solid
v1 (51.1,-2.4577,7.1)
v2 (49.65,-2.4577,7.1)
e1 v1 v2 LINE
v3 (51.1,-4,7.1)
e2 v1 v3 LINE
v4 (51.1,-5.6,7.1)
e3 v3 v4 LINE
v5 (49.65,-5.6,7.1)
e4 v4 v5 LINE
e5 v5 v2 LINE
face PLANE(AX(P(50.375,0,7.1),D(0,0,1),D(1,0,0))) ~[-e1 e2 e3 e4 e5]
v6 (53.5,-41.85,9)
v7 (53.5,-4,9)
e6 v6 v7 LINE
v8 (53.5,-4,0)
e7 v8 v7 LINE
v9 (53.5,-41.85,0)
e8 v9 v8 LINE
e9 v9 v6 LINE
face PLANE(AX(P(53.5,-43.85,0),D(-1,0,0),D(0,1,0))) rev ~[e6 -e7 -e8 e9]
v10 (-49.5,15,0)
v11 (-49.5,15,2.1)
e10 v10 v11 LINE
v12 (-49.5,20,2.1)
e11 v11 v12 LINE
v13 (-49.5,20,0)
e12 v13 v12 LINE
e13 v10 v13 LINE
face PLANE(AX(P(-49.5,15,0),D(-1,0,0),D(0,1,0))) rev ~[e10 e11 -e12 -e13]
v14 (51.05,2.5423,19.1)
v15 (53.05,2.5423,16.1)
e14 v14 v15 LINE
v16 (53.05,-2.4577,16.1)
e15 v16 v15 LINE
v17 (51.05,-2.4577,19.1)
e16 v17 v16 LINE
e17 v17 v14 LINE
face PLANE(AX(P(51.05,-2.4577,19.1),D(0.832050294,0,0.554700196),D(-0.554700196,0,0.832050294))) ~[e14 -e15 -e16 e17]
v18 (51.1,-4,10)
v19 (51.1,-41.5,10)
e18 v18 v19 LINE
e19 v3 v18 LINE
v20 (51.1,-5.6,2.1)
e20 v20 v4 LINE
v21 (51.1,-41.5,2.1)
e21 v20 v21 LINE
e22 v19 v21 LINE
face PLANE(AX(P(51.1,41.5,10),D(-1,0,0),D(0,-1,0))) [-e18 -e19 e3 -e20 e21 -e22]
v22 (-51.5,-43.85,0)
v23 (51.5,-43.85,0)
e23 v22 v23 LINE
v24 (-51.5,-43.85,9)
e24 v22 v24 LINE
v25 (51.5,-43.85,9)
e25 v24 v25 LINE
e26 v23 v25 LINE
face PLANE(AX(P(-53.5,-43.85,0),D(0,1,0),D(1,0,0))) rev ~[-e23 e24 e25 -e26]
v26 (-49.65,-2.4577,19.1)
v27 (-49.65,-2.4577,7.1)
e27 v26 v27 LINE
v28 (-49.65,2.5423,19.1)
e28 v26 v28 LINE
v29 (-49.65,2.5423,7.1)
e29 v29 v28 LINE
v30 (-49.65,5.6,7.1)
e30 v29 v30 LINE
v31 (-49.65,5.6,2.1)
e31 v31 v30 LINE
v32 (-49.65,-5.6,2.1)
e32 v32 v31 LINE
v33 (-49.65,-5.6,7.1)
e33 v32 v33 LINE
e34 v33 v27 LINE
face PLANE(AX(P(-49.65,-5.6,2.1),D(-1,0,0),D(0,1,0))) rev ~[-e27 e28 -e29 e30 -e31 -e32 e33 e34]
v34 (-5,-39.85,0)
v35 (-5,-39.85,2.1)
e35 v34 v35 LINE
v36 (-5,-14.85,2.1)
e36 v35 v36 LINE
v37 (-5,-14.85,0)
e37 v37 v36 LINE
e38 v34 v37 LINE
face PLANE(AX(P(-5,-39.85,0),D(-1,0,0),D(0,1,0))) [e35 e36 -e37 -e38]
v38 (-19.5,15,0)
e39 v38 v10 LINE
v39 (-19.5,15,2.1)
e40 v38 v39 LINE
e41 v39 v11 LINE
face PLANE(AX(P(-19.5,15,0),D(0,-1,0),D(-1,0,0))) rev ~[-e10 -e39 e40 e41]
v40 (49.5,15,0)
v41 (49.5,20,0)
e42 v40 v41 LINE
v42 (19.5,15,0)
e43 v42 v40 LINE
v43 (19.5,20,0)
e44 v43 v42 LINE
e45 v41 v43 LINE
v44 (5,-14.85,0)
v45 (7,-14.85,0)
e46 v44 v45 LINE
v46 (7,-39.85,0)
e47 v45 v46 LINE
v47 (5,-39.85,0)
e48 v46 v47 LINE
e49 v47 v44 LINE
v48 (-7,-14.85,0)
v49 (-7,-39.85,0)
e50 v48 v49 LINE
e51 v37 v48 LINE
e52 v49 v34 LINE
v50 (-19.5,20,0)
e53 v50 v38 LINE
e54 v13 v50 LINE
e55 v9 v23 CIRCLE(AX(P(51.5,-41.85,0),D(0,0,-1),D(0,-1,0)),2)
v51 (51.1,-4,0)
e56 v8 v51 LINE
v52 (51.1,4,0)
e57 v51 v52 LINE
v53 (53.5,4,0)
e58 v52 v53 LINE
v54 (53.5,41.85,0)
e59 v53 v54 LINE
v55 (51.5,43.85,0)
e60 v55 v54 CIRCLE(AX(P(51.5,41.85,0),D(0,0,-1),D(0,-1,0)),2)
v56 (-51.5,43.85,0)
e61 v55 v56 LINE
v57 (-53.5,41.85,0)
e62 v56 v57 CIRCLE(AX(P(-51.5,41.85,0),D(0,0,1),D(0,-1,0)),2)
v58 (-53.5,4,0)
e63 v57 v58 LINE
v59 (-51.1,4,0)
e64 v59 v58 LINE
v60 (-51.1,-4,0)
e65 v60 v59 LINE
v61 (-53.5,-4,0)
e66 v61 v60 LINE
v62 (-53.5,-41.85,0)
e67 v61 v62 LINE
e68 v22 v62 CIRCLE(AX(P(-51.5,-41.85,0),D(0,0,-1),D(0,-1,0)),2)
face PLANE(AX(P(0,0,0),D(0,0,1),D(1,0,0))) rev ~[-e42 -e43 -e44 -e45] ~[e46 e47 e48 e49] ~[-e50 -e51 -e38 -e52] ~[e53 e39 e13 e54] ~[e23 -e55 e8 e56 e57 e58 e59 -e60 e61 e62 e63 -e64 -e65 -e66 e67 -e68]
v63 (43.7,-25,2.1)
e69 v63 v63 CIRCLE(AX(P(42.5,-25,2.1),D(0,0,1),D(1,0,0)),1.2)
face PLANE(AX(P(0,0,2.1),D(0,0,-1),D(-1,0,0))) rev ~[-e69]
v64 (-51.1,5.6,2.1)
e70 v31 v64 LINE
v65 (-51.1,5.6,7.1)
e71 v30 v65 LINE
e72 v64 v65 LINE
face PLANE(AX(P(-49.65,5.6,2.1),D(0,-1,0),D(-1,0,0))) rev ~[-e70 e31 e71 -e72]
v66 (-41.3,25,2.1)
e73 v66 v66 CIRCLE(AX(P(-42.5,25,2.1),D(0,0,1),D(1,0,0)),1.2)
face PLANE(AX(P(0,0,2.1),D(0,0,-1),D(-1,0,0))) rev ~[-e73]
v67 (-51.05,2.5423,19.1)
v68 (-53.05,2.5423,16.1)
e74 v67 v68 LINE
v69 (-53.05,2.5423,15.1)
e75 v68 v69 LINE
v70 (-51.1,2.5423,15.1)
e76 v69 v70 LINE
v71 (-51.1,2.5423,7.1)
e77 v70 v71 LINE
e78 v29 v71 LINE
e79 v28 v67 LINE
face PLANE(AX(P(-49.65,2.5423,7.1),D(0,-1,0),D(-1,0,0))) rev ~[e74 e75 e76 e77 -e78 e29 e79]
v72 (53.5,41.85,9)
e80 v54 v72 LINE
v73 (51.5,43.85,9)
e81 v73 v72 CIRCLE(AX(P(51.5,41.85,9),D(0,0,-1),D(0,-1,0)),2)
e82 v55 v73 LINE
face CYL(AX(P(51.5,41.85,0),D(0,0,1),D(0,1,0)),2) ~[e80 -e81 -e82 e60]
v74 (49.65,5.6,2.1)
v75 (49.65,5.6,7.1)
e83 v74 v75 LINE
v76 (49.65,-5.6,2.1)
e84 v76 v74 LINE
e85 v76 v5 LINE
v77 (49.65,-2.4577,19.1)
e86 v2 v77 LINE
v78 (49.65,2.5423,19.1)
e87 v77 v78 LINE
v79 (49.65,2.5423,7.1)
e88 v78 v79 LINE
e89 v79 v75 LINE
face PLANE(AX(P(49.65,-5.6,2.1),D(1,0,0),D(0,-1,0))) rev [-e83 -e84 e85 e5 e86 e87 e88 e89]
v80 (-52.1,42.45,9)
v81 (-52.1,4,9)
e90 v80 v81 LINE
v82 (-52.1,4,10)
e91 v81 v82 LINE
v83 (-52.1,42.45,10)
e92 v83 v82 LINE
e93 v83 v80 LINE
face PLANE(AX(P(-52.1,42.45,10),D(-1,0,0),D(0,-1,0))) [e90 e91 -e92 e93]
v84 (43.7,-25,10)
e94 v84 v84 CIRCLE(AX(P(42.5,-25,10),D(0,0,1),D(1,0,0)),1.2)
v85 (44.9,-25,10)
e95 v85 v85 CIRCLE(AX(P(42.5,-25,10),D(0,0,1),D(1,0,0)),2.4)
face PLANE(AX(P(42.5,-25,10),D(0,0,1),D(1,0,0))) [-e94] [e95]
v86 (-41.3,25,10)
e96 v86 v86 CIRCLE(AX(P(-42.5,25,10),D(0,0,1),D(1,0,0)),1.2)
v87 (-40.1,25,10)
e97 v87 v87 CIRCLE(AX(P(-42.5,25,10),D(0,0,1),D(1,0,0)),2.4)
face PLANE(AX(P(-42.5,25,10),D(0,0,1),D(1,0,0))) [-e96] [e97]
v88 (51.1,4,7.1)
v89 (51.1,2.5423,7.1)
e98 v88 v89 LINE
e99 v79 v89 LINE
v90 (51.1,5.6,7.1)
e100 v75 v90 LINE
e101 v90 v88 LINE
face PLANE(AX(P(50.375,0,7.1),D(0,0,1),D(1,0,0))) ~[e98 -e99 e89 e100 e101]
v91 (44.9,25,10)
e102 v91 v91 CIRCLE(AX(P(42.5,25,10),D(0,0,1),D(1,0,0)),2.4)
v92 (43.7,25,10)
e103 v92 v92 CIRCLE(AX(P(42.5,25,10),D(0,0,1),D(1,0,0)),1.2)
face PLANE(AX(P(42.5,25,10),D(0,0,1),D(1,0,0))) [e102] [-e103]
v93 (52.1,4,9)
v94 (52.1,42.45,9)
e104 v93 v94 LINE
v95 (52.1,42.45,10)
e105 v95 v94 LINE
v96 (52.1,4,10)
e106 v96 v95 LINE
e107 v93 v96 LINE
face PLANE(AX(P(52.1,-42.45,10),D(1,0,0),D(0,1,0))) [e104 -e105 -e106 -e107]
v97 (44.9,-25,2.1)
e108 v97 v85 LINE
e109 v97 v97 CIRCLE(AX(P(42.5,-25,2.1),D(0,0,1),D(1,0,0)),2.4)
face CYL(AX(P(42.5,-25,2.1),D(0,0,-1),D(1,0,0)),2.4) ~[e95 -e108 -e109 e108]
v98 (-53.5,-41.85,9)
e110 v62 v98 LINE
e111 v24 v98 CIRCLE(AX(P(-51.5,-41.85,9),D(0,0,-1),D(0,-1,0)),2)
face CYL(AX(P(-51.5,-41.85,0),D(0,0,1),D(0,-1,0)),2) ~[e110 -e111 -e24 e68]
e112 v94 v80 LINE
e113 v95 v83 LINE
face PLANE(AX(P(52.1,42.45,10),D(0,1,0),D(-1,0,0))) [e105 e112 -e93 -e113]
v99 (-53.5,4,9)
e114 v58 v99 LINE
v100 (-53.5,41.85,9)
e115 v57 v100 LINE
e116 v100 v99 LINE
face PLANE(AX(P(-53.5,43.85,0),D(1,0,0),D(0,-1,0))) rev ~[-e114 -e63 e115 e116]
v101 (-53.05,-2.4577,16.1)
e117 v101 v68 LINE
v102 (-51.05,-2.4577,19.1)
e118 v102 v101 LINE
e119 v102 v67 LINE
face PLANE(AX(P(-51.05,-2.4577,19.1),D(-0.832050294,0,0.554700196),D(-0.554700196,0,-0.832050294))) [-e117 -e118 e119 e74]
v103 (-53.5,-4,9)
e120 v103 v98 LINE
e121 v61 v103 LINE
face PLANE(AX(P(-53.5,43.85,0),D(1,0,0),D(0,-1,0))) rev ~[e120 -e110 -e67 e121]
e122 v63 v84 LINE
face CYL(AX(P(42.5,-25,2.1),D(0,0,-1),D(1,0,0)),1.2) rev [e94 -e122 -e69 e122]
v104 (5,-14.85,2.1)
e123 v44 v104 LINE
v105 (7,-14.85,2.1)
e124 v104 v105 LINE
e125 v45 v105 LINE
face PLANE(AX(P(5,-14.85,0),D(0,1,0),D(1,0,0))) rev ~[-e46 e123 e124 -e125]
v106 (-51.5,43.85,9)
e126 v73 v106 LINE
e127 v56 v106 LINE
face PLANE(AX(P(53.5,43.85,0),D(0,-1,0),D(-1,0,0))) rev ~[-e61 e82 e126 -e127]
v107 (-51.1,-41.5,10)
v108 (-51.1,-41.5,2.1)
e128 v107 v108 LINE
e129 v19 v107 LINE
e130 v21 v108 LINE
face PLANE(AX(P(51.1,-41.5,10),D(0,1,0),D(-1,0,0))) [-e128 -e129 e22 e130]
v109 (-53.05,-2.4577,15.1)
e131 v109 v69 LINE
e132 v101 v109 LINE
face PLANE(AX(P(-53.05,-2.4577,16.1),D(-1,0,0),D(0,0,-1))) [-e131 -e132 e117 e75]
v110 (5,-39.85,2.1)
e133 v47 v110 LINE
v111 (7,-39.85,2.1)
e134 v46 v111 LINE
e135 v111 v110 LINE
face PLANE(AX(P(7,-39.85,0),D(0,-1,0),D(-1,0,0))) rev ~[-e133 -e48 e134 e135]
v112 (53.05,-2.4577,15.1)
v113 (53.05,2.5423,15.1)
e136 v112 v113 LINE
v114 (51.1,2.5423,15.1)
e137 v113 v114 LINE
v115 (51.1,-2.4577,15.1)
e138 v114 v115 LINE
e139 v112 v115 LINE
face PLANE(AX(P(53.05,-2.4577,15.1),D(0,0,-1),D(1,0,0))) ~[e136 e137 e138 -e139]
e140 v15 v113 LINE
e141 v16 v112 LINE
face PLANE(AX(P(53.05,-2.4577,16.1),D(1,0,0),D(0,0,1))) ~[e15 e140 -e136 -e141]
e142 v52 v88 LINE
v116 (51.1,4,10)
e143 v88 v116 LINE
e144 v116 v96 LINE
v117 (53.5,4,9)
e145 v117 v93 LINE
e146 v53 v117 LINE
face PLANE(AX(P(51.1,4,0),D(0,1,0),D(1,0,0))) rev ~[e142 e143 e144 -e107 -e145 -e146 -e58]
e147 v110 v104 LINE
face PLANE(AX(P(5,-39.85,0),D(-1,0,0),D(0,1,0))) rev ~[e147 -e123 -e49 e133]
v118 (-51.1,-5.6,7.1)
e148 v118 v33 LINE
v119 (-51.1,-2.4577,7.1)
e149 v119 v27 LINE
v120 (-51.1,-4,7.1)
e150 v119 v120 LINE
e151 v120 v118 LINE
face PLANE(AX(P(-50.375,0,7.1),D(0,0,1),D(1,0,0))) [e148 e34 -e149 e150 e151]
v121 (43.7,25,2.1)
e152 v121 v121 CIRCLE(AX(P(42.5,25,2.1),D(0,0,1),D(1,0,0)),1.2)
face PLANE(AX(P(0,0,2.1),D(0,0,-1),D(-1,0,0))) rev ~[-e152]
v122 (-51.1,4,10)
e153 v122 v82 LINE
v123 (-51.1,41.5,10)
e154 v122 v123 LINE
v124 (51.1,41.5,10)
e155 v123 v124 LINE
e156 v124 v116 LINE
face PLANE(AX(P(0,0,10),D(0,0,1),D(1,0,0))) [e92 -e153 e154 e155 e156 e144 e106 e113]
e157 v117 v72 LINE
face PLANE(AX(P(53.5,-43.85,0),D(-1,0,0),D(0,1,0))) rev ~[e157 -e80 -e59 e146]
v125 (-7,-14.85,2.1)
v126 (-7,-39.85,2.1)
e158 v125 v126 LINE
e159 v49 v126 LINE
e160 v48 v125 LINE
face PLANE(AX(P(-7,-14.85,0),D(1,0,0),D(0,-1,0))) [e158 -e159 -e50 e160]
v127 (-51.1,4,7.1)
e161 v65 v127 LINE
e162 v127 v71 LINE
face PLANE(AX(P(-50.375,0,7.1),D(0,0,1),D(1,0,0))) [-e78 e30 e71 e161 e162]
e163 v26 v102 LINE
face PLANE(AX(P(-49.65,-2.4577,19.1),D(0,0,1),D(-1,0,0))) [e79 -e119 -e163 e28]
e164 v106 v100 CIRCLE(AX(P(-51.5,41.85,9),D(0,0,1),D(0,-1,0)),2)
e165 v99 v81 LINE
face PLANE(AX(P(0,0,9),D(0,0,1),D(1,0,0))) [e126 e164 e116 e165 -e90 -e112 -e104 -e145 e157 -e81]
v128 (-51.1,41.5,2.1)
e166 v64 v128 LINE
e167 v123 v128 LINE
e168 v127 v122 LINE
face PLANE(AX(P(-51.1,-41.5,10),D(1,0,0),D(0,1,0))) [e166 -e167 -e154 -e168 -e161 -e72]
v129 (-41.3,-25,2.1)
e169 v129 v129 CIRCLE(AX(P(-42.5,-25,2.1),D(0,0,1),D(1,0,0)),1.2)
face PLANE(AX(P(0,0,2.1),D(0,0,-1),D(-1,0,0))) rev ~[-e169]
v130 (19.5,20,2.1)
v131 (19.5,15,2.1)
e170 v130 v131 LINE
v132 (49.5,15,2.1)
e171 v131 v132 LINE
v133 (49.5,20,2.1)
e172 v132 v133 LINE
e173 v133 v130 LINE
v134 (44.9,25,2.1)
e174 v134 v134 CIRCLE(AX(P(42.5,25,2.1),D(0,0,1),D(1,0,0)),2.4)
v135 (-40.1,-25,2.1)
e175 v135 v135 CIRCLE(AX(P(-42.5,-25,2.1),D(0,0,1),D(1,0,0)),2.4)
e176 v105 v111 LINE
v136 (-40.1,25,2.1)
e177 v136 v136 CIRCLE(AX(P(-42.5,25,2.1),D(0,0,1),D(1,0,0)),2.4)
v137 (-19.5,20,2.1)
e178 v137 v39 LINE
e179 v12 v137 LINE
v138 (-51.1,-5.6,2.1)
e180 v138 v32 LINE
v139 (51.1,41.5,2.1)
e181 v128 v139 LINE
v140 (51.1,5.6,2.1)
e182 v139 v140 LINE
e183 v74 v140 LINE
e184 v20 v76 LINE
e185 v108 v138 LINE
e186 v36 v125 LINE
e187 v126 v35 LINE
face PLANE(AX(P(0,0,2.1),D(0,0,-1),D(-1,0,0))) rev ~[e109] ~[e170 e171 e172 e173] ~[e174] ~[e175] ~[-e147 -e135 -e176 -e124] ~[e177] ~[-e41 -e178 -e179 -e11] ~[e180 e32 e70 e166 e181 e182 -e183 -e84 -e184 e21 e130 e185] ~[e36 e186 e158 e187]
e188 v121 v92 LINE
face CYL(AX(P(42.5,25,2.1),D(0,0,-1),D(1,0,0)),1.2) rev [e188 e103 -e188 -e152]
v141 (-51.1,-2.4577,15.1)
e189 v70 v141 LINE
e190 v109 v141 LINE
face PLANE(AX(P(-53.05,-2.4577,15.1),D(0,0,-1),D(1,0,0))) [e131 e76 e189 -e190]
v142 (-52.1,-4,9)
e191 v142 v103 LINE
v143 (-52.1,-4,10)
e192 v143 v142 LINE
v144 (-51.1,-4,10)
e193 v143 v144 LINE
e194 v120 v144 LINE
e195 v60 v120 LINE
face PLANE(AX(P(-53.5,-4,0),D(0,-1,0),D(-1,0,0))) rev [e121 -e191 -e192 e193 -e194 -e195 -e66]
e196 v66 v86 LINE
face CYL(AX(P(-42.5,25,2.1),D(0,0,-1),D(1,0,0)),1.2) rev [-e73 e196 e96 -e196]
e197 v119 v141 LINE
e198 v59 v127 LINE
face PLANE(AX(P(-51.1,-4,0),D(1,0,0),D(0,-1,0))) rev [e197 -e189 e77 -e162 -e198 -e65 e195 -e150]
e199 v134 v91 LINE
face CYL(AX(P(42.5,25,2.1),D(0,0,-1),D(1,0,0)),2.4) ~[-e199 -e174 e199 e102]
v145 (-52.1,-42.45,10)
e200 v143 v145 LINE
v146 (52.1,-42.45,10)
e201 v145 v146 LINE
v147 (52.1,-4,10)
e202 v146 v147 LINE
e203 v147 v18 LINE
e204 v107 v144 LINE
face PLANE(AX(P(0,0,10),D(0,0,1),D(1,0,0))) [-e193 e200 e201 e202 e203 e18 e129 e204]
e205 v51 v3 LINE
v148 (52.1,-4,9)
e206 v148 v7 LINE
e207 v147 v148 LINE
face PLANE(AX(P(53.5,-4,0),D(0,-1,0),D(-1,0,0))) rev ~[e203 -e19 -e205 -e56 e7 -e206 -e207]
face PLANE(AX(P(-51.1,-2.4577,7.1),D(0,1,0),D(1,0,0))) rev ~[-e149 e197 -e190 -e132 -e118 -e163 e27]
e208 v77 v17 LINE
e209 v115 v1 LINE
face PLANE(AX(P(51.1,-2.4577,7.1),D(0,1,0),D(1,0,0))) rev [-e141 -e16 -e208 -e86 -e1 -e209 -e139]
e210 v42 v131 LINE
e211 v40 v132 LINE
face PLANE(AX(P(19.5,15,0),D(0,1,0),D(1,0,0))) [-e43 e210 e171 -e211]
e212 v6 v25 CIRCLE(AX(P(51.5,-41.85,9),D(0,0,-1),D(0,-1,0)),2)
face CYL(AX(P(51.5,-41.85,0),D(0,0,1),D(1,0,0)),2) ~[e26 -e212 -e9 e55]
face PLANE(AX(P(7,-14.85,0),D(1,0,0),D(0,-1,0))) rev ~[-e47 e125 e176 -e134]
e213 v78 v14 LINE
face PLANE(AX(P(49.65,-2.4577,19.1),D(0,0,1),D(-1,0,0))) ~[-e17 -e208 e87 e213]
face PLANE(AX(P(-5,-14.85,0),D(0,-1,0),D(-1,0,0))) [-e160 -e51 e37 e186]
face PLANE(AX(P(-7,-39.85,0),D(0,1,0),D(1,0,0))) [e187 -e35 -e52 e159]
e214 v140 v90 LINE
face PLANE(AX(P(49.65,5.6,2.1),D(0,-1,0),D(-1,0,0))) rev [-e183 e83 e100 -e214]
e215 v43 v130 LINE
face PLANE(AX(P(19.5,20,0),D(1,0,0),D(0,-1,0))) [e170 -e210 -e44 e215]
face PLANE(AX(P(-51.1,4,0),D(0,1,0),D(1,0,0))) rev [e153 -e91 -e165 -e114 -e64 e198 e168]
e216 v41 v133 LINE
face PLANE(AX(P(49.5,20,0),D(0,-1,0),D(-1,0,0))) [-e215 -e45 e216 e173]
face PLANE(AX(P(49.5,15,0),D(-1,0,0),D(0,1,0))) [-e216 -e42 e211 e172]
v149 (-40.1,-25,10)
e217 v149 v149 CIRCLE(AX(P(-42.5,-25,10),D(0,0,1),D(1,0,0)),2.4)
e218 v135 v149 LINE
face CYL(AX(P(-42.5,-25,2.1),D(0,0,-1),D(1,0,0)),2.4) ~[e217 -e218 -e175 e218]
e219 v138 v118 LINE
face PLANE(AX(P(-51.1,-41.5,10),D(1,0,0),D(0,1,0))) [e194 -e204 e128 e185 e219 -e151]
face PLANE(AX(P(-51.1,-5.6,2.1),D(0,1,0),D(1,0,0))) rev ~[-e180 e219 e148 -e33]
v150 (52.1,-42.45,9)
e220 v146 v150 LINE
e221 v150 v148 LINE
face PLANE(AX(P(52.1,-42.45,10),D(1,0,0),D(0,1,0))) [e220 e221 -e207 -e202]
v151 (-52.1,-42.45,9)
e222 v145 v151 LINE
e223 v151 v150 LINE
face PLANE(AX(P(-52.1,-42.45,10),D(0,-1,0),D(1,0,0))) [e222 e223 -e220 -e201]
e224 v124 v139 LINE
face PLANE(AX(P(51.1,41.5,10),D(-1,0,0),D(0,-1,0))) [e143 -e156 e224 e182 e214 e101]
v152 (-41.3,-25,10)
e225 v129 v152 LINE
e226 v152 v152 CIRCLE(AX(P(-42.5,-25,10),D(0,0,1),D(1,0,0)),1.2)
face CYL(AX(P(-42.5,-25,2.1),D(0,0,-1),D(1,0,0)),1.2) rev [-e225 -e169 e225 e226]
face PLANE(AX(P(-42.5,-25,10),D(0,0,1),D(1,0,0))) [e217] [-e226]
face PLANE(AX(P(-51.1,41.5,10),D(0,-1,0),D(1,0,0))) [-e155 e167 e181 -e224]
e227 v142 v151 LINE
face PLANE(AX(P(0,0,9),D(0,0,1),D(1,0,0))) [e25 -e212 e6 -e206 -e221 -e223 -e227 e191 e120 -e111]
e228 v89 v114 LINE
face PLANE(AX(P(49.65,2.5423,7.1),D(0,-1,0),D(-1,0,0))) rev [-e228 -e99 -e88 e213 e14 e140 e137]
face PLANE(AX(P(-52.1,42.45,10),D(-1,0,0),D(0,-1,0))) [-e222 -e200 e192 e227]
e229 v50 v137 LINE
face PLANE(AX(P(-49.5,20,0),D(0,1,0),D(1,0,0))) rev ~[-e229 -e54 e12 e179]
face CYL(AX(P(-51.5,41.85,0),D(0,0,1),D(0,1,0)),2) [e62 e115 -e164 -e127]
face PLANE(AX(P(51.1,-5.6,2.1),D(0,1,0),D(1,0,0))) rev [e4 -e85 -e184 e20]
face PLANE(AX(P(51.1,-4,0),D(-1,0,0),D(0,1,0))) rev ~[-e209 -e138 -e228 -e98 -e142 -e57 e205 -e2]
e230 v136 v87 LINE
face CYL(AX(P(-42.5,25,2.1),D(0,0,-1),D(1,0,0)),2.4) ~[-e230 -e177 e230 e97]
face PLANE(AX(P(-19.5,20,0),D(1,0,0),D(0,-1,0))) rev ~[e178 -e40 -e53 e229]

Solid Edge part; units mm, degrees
sketch "Sketch1" plane through (0, 0, 0) normal (0, 0, 1) x (1, 0, 0)
  line L0 (19.5, 20) -> (19.5, 15)
  line L1 (19.5, 15) -> (49.5, 15)
  line L2 (49.5, 15) -> (49.5, 20)
  line L3 (49.5, 20) -> (19.5, 20)
  line L4 (-7, -39.85) -> (-5, -39.85)
  line L5 (-5, -39.85) -> (-5, -14.85)
  line L6 (-5, -14.85) -> (-7, -14.85)
  line L7 (-7, -14.85) -> (-7, -39.85)
  line L8 (53.5, 43.85) -> (-53.5, 43.85)
  line L9 (-53.5, 43.85) -> (-53.5, -43.85)
  line L10 (-53.5, -43.85) -> (53.5, -43.85)
  line L11 (53.5, -43.85) -> (53.5, 43.85)
  line L12 (7, -39.85) -> (5, -39.85)
  line L13 (5, -39.85) -> (5, -14.85)
  line L14 (5, -14.85) -> (7, -14.85)
  line L15 (7, -14.85) -> (7, -39.85)
  line L16 (-49.5, 20) -> (-19.5, 20)
  line L17 (-19.5, 20) -> (-19.5, 15)
  line L18 (-19.5, 15) -> (-49.5, 15)
  line L19 (-49.5, 15) -> (-49.5, 20)
  dimension "D1" = 87.7
  dimension "D2" = 107
  dimension "D3" = 4
  dimension "D4" = 25
  dimension "D5" = 5
  dimension "D6" = 2
  dimension "D7" = 30
  dimension "D8" = 5
  dimension "D9" = 4
  dimension "D10" = 15
extrude "ExtrudedProtrusion_2" add sketch "Sketch1" along normal blind 10
sketch "Sketch2" plane through (0, 0, 10) normal (0, 0, 1) x (0, 1, 0)
  line L0 (41.5, -51.1) -> (-41.5, -51.1)
  line L1 (-41.5, -51.1) -> (-41.5, 51.1)
  line L2 (-41.5, 51.1) -> (41.5, 51.1)
  line L3 (41.5, 51.1) -> (41.5, -51.1)
  line L4 (-39.85, -7) -> (-39.85, -5)
  line L5 (-39.85, -5) -> (-14.85, -5)
  line L6 (-14.85, -5) -> (-14.85, -7)
  line L7 (-14.85, -7) -> (-39.85, -7)
  line L8 (15, 49.5) -> (20, 49.5)
  line L9 (20, 49.5) -> (20, 19.5)
  line L10 (20, 19.5) -> (15, 19.5)
  line L11 (15, 19.5) -> (15, 49.5)
  line L12 (-14.85, 5) -> (-14.85, 7)
  line L13 (-14.85, 7) -> (-39.85, 7)
  line L14 (-39.85, 7) -> (-39.85, 5)
  line L15 (-39.85, 5) -> (-14.85, 5)
  line L16 (15, -49.5) -> (20, -49.5)
  line L17 (20, -49.5) -> (20, -19.5)
  line L18 (20, -19.5) -> (15, -19.5)
  line L19 (15, -19.5) -> (15, -49.5)
extrude "ExtrudedCutout_1" cut sketch "Sketch2" against normal blind 7.9
sketch "Sketch3" plane through (0, 0, 10) normal (0, 0, 1) x (1, 0, 0)
  line L0 (-52.1, 42.45) -> (-52.1, -42.45)
  line L1 (-52.1, -42.45) -> (52.1, -42.45)
  line L2 (52.1, -42.45) -> (52.1, 42.45)
  line L3 (52.1, 42.45) -> (-52.1, 42.45)
  line L4 (53.5, 43.85) -> (-53.5, 43.85)
  line L5 (-53.5, 43.85) -> (-53.5, -43.85)
  line L6 (-53.5, -43.85) -> (53.5, -43.85)
  line L7 (53.5, -43.85) -> (53.5, 43.85)
  dimension "D1" = 104.2
  dimension "D2" = 84.9
  dimension "D3" = 87.7
  dimension "D4" = 107
extrude "ExtrudedCutout_2" cut sketch "Sketch3" against normal blind 1
sketch "Sketch4" plane through (0, 0, 2.1) normal (0, 0, 1) x (1, 0, 0)
  line L0 (-49.65, -5.6) -> (-49.65, 5.6)
  line L1 (-49.65, 5.6) -> (-51.1, 5.6)
  line L2 (-51.1, 5.6) -> (-51.1, -5.6)
  line L3 (-51.1, -5.6) -> (-49.65, -5.6)
extrude "ExtrudedProtrusion_3" add sketch "Sketch4" along normal blind 5
mirror "Mirror1" about plane through (0, 0, 0) normal (1, 0, 0) of "ExtrudedProtrusion_3"
sketch "Sketch5" plane through (-50.375, 0, 7.1) normal (0, 0, 1) x (0, 1, 0)
  line L0 (-2.4577, -0.725) -> (2.5423, -0.725)
  line L1 (2.5423, -0.725) -> (2.5423, 0.725)
  line L2 (2.5423, 0.725) -> (-2.4577, 0.725)
  line L3 (-2.4577, 0.725) -> (-2.4577, -0.725)
extrude "ExtrudedProtrusion_4" add sketch "Sketch5" along normal blind 8
mirror "Mirror2" about plane through (0, 0, 0) normal (1, 0, 0) of "ExtrudedProtrusion_4"
sketch "Sketch6" plane through (-50.375, -2.4577, 11.1) normal (0, -1, 0) x (0, 0, 1)
  line L0 (4, 2.675) -> (4, -0.725)
  line L1 (4, -0.725) -> (8, -0.725)
  line L2 (8, -0.725) -> (8, 0.675)
  line L3 (8, 0.675) -> (5, 2.675)
  line L4 (5, 2.675) -> (4, 2.675)
extrude "ExtrudedProtrusion_5" add sketch "Sketch6" against normal blind 5
mirror "Mirror3" about plane through (0, 0, 0) normal (1, 0, 0) of "ExtrudedProtrusion_5"
sketch "Sketch7" plane through (0, 0, 0) normal (0, 0, -1) x (0, 1, 0)
  line L0 (-4, 51.1) -> (4, 51.1)
  line L1 (4, 51.1) -> (4, 53.5)
  line L2 (4, 53.5) -> (-4, 53.5)
  line L3 (-4, 53.5) -> (-4, 51.1)
extrude "ExtrudedCutout_4" cut sketch "Sketch7" against normal blind 10
mirror "Mirror4" about plane through (0, 0, 0) normal (1, 0, 0) of "ExtrudedCutout_4"
sketch "Sketch8" plane through (0, 0, 2.1) normal (0, 0, 1) x (1, 0, 0)
  circle A0 centre (42.5, -25) radius 1.2
  circle A1 centre (42.5, -25) radius 2.4
  circle A2 centre (-42.5, -25) radius 2.4
  circle A3 centre (-42.5, -25) radius 1.2
  circle A4 centre (-42.5, 25) radius 1.2
  circle A5 centre (-42.5, 25) radius 2.4
  circle A6 centre (42.5, 25) radius 2.4
  circle A7 centre (42.5, 25) radius 1.2
  dimension "D1" = 42.5
  dimension "D2" = 25
  dimension "D3" = 2.4
extrude "ExtrudedProtrusion_6" add sketch "Sketch8" along normal blind 7.9
fillet "Round_1" radius 2 4 edges at (53.5, -43.85, 4.5) (53.5, 43.85, 4.5) (-53.5, 43.85, 4.5) (-53.5, -43.85, 4.5)
